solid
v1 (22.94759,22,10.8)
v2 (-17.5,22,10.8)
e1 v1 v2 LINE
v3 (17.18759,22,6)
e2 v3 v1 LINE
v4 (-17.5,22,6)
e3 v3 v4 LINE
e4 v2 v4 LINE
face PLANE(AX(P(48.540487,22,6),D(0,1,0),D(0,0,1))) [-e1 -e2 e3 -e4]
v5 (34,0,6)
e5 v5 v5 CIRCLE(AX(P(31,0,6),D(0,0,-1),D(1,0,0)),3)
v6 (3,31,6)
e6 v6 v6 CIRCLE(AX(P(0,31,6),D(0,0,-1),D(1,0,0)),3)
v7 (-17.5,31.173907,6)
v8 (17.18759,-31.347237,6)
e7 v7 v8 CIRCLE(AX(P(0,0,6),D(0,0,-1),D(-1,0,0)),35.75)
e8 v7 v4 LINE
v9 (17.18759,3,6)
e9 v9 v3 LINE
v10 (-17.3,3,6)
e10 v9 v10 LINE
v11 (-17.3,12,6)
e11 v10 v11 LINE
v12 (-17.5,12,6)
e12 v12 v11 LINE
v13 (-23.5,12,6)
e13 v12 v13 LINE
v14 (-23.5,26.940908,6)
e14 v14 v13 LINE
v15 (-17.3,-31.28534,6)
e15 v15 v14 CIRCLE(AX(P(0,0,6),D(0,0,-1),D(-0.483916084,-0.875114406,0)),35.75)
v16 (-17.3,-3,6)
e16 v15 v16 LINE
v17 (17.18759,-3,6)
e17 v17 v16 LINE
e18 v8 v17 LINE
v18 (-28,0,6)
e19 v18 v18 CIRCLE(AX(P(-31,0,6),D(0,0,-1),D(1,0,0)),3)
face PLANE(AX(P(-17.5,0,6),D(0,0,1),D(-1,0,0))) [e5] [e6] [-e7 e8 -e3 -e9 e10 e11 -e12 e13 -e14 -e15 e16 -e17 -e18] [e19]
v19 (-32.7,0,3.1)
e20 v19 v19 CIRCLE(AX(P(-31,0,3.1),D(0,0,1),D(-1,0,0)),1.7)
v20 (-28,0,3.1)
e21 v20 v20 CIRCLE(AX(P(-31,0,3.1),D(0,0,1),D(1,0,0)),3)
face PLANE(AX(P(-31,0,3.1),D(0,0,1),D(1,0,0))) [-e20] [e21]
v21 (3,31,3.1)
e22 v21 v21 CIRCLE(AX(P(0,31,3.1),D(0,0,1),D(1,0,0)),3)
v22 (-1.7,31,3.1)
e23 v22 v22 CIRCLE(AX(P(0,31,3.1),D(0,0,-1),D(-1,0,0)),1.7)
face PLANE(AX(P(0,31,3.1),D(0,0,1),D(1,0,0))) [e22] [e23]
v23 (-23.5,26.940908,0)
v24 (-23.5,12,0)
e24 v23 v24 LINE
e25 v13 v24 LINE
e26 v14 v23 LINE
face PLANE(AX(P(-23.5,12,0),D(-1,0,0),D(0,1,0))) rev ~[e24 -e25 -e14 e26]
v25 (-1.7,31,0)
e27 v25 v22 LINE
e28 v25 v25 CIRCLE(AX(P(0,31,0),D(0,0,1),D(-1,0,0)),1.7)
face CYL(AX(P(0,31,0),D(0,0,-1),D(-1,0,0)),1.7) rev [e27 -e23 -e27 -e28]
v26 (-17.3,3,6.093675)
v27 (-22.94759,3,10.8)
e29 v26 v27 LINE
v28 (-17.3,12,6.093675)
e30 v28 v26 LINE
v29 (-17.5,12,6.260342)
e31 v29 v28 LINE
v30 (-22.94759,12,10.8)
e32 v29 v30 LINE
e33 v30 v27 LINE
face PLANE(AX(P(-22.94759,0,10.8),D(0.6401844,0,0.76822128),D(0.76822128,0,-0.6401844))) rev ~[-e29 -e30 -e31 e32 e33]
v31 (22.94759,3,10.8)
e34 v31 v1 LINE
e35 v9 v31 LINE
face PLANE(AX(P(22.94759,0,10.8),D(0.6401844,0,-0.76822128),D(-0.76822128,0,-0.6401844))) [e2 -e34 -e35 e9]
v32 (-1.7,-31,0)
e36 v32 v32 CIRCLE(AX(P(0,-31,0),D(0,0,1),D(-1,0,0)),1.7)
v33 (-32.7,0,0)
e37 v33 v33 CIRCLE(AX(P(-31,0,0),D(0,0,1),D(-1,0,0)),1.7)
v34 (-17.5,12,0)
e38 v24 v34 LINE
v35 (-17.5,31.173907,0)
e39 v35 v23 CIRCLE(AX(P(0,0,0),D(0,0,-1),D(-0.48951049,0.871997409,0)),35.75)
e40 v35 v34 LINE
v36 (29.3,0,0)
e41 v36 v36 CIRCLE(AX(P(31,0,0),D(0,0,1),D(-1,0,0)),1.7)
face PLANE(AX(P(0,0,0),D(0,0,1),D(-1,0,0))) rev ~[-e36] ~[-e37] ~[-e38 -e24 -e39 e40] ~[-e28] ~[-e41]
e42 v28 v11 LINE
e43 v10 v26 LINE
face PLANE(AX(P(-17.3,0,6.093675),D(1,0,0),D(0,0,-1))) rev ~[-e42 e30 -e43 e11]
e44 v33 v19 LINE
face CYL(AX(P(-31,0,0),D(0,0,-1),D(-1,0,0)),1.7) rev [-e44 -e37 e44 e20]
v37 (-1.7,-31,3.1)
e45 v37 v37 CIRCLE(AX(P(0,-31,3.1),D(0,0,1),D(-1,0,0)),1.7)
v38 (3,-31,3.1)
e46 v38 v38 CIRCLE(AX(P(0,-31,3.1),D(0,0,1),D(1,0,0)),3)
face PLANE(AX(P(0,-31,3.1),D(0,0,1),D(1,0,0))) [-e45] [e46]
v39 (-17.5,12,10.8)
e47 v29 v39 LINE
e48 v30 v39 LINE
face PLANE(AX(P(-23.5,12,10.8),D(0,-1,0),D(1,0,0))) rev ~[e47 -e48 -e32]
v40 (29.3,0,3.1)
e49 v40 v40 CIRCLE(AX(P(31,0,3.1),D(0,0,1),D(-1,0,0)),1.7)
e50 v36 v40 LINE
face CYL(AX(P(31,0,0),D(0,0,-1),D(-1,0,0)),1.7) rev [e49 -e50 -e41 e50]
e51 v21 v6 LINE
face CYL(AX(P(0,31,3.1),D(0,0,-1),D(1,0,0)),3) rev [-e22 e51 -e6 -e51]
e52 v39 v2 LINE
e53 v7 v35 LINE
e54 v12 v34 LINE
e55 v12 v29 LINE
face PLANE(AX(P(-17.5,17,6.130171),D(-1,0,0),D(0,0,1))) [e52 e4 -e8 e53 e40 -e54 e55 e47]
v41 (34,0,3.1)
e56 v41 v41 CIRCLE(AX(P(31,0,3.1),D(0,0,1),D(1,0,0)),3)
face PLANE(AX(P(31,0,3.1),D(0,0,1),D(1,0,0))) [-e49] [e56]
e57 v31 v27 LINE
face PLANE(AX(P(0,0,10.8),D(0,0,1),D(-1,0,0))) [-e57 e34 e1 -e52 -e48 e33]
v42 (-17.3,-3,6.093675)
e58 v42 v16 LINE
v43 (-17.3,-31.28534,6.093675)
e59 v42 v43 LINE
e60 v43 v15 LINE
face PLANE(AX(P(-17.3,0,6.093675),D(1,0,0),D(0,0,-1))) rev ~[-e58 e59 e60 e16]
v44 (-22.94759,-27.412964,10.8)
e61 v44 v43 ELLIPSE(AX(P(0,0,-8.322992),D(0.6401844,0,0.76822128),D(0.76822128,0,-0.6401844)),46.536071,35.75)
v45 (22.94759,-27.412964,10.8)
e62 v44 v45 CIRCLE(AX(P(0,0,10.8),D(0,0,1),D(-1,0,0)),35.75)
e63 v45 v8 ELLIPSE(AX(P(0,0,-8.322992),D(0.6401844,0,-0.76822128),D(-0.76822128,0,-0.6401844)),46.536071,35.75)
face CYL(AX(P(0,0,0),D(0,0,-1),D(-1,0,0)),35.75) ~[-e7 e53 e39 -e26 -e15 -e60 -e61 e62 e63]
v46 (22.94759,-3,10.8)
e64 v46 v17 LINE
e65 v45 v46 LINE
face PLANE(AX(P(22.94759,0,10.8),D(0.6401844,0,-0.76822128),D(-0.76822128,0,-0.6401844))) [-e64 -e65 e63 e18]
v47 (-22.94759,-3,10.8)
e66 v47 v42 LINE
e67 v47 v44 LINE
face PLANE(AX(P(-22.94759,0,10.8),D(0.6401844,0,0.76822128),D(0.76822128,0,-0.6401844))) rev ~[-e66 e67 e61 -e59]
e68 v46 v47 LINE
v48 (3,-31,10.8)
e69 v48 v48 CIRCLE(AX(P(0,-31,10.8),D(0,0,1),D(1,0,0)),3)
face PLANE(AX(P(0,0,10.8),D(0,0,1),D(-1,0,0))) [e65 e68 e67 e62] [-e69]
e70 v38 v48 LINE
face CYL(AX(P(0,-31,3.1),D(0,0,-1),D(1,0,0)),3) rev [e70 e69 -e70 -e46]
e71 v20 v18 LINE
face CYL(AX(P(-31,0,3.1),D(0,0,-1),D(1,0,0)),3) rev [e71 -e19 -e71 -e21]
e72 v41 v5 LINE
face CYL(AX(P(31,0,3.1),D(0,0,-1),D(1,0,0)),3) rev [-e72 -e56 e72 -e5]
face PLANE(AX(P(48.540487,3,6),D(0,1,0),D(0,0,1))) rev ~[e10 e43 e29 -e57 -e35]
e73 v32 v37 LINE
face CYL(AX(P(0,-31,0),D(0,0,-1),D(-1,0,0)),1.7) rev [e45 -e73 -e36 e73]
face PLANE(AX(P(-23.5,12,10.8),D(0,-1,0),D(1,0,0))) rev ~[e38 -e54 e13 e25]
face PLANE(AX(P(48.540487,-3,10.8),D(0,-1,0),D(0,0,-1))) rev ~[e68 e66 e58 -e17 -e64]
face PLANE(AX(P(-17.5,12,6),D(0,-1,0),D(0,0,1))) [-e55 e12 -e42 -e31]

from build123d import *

# Parameters (mm, degrees)
SKETCH1_R                      = 35.75
SKETCH1_R_2                    = 1.7
BOSS_EXTRUDE1_DEPTH            = 10.8
CUT_EXTRUDE1_START             = -7.7
SKETCH2_R                      = 3
SKETCH2_R_2                    = 1.7
CUT_EXTRUDE1_DEPTH             = 7.7
SKETCH3_W                      = 6
SKETCH3_H                      = 10
CUT_EXTRUDE2_DEPTH             = 52.698791088
CUT_EXTRUDE3_DEPTH             = 52.698791088
CUT_EXTRUDE3_DIRECTION_2_REACH = 53.699
BOSS_EXTRUDE2_DEPTH            = 7.7
CUT_EXTRUDE4_DEPTH             = 66.040487391
CUT_EXTRUDE4_DEPTH_BACK        = 66.040487391
SKETCH6_W                      = 4.8
SKETCH6_H                      = 17.274998913
CUT_EXTRUDE5_DEPTH             = 66.040487391
CUT_EXTRUDE5_DEPTH_BACK        = 66.040487391
SKETCH8_W                      = 6
SKETCH8_H                      = 23.025515334
CUT_EXTRUDE6_DEPTH             = 10


with BuildPart() as part:
    # Sketch1 → Boss-Extrude1 (new body)
    with BuildSketch(Plane.XY):
        with Locations(Location((0, 0, 0), (0, 0, 180))):
            Circle(SKETCH1_R)
        with Locations(Location((0, 31, 0), (0, 0, 180))):
            Circle(SKETCH1_R_2, mode=Mode.SUBTRACT)
        with Locations(Location((31, 0, 0), (0, 0, 180))):
            Circle(SKETCH1_R_2, mode=Mode.SUBTRACT)
        with Locations(Location((0, -31, 0), (0, 0, 180))):
            Circle(SKETCH1_R_2, mode=Mode.SUBTRACT)
        with Locations(Location((-31, 0, 0), (0, 0, 180))):
            Circle(SKETCH1_R_2, mode=Mode.SUBTRACT)
    extrude(amount=BOSS_EXTRUDE1_DEPTH)

    # Sketch2 → Cut-Extrude1 (cut)
    # profile 1 of 4: a face of its own
    with BuildSketch(Plane.XY.offset(10.8).offset(CUT_EXTRUDE1_START)):
        with Locations((-31, 0)):
            Circle(SKETCH2_R)
        with Locations(Location((-31, 0, 0), (0, 0, 180))):
            Circle(SKETCH2_R_2, mode=Mode.SUBTRACT)
    # profile 2 of 4: a face of its own
    with BuildSketch(Plane.XY.offset(10.8).offset(CUT_EXTRUDE1_START)):
        with Locations((31, 0)):
            Circle(SKETCH2_R)
        with Locations(Location((31, 0, 0), (0, 0, 180))):
            Circle(SKETCH2_R_2, mode=Mode.SUBTRACT)
    # profile 3 of 4: a face of its own
    with BuildSketch(Plane.XY.offset(10.8).offset(CUT_EXTRUDE1_START)):
        with Locations((0, -31)):
            Circle(SKETCH2_R)
        with Locations(Location((0, -31, 0), (0, 0, 180))):
            Circle(SKETCH2_R_2, mode=Mode.SUBTRACT)
    # profile 4 of 4: a face of its own
    with BuildSketch(Plane.XY.offset(10.8).offset(CUT_EXTRUDE1_START)):
        with Locations((0, 31)):
            Circle(SKETCH2_R)
    extrude(amount=CUT_EXTRUDE1_DEPTH, mode=Mode.SUBTRACT)

    # Sketch3 → Cut-Extrude2 (cut, through all)
    with BuildSketch(Plane.XY.offset(10.8)):
        with Locations((-20.5, 17)):
            Rectangle(SKETCH3_W, SKETCH3_H)
    extrude(amount=-CUT_EXTRUDE2_DEPTH, mode=Mode.SUBTRACT)

    # Sketch4 → Cut-Extrude3 (cut)
    with BuildSketch(Plane(origin=(0, 0, 0), x_dir=(1, 0, 0), z_dir=(0, 1, 0))):
        Polygon((35.75, -6), (17.3, -6), (23.06, -10.8), (35.75, -10.8), align=None)
        Polygon((23.06, -10.8), (22.947590013, -10.8), (17.187590013, -6), (17.3, -6), align=None)
        Polygon((-23.26, -10.8), (-17.5, -6), (-35.75, -6), (-35.75, -10.8), align=None)
        Polygon((-23.06, -10.8), (-17.3, -6), (-17.5, -6), (-23.26, -10.8), align=None)
        Polygon((-17.3, -6.093674989), (-17.3, -6), (-23.06, -10.8), (-22.947590013, -10.8), align=None)
    extrude(amount=-CUT_EXTRUDE3_DEPTH, mode=Mode.SUBTRACT)

    # Cut-Extrude3 direction 2: up to this face of the body (flat: up to its plane)
    cut_extrude3_direction_2_end = Plane(part.part.faces().sort_by_distance((-20.5, 22, 5.4))[0])
    # Sketch4 → Cut-Extrude3 direction 2 (cut, up to the picked face)
    with BuildSketch(Plane(origin=(0, 0, 0), x_dir=(1, 0, 0), z_dir=(0, 1, 0)), mode=Mode.PRIVATE) as cut_extrude3_direction_2_sk1:
        Polygon((35.75, -6), (17.3, -6), (23.06, -10.8), (35.75, -10.8), align=None)
    cut_extrude3_direction_2_tool1 = split(extrude(cut_extrude3_direction_2_sk1.sketch, amount=CUT_EXTRUDE3_DIRECTION_2_REACH, mode=Mode.PRIVATE), bisect_by=cut_extrude3_direction_2_end, keep=Keep.BOTH, mode=Mode.PRIVATE)
    # Sketch4 → Cut-Extrude3 direction 2 (cut, up to the picked face)
    with BuildSketch(Plane(origin=(0, 0, 0), x_dir=(1, 0, 0), z_dir=(0, 1, 0)), mode=Mode.PRIVATE) as cut_extrude3_direction_2_sk2:
        Polygon((23.06, -10.8), (22.947590013, -10.8), (17.187590013, -6), (17.3, -6), align=None)
    cut_extrude3_direction_2_tool2 = split(extrude(cut_extrude3_direction_2_sk2.sketch, amount=CUT_EXTRUDE3_DIRECTION_2_REACH, mode=Mode.PRIVATE), bisect_by=cut_extrude3_direction_2_end, keep=Keep.BOTH, mode=Mode.PRIVATE)
    # Sketch4 → Cut-Extrude3 direction 2 (cut, up to the picked face)
    with BuildSketch(Plane(origin=(0, 0, 0), x_dir=(1, 0, 0), z_dir=(0, 1, 0)), mode=Mode.PRIVATE) as cut_extrude3_direction_2_sk3:
        Polygon((-23.26, -10.8), (-17.5, -6), (-35.75, -6), (-35.75, -10.8), align=None)
    cut_extrude3_direction_2_tool3 = split(extrude(cut_extrude3_direction_2_sk3.sketch, amount=CUT_EXTRUDE3_DIRECTION_2_REACH, mode=Mode.PRIVATE), bisect_by=cut_extrude3_direction_2_end, keep=Keep.BOTH, mode=Mode.PRIVATE)
    # Sketch4 → Cut-Extrude3 direction 2 (cut, up to the picked face)
    with BuildSketch(Plane(origin=(0, 0, 0), x_dir=(1, 0, 0), z_dir=(0, 1, 0)), mode=Mode.PRIVATE) as cut_extrude3_direction_2_sk4:
        Polygon((-23.06, -10.8), (-17.3, -6), (-17.5, -6), (-23.26, -10.8), align=None)
    cut_extrude3_direction_2_tool4 = split(extrude(cut_extrude3_direction_2_sk4.sketch, amount=CUT_EXTRUDE3_DIRECTION_2_REACH, mode=Mode.PRIVATE), bisect_by=cut_extrude3_direction_2_end, keep=Keep.BOTH, mode=Mode.PRIVATE)
    # Sketch4 → Cut-Extrude3 direction 2 (cut, up to the picked face)
    with BuildSketch(Plane(origin=(0, 0, 0), x_dir=(1, 0, 0), z_dir=(0, 1, 0)), mode=Mode.PRIVATE) as cut_extrude3_direction_2_sk5:
        Polygon((-17.3, -6.093674989), (-17.3, -6), (-23.06, -10.8), (-22.947590013, -10.8), align=None)
    cut_extrude3_direction_2_tool5 = split(extrude(cut_extrude3_direction_2_sk5.sketch, amount=CUT_EXTRUDE3_DIRECTION_2_REACH, mode=Mode.PRIVATE), bisect_by=cut_extrude3_direction_2_end, keep=Keep.BOTH, mode=Mode.PRIVATE)
    add(cut_extrude3_direction_2_tool1.solids().sort_by(Axis((27.876214, 0, 8.252023), (0, 1, 0)))[0], mode=Mode.SUBTRACT)
    add(cut_extrude3_direction_2_tool2.solids().sort_by(Axis((20.123795, 0, 8.4), (0, 1, 0)))[0], mode=Mode.SUBTRACT)
    add(cut_extrude3_direction_2_tool3.solids().sort_by(Axis((-27.975059, 0, 8.250098), (0, 1, 0)))[0], mode=Mode.SUBTRACT)
    add(cut_extrude3_direction_2_tool4.solids().sort_by(Axis((-20.28, 0, 8.4), (0, 1, 0)))[0], mode=Mode.SUBTRACT)
    add(cut_extrude3_direction_2_tool5.solids().sort_by(Axis((-20.15199, 0, 8.423342), (0, 1, 0)))[0], mode=Mode.SUBTRACT)

    # Sketch5 → Boss-Extrude2 (add)
    with BuildSketch(Plane.ZY.offset(17.5)):
        Polygon((6.260341656, 22), (6.166666667, 22), (6, 22), (6, 12), (6.260341656, 12), align=None)
    extrude(amount=-BOSS_EXTRUDE2_DEPTH)

    # Sketch6 → Cut-Extrude4 (cut, two sides: drawn at the far end of the back side and taken through both)
    with BuildSketch(Plane.ZY.offset(17.5).offset(-CUT_EXTRUDE4_DEPTH_BACK)):
        with Locations((8.4, 30.637499457)):
            Rectangle(SKETCH6_W, SKETCH6_H)
    extrude(amount=CUT_EXTRUDE4_DEPTH + CUT_EXTRUDE4_DEPTH_BACK, mode=Mode.SUBTRACT)

    # Sketch7 → Cut-Extrude5 (cut, two sides: drawn at the far end of the back side and taken through both)
    with BuildSketch(Plane.ZY.offset(17.5).offset(-CUT_EXTRUDE5_DEPTH_BACK)):
        Polygon((6, -3), (6, 0), (6, 3), (10.8, 3), (10.8, -3), align=None)
    extrude(amount=CUT_EXTRUDE5_DEPTH + CUT_EXTRUDE5_DEPTH_BACK, mode=Mode.SUBTRACT)

    # Sketch8 → Cut-Extrude6 (cut)
    with BuildSketch(Plane(origin=(0, 0, 0), x_dir=(-1, 0, 0), z_dir=(0, 0, -1))):
        with Locations((20.5, 23.512757667)):
            Rectangle(SKETCH8_W, SKETCH8_H)
    extrude(amount=-CUT_EXTRUDE6_DEPTH, mode=Mode.SUBTRACT)


solid = part.part
